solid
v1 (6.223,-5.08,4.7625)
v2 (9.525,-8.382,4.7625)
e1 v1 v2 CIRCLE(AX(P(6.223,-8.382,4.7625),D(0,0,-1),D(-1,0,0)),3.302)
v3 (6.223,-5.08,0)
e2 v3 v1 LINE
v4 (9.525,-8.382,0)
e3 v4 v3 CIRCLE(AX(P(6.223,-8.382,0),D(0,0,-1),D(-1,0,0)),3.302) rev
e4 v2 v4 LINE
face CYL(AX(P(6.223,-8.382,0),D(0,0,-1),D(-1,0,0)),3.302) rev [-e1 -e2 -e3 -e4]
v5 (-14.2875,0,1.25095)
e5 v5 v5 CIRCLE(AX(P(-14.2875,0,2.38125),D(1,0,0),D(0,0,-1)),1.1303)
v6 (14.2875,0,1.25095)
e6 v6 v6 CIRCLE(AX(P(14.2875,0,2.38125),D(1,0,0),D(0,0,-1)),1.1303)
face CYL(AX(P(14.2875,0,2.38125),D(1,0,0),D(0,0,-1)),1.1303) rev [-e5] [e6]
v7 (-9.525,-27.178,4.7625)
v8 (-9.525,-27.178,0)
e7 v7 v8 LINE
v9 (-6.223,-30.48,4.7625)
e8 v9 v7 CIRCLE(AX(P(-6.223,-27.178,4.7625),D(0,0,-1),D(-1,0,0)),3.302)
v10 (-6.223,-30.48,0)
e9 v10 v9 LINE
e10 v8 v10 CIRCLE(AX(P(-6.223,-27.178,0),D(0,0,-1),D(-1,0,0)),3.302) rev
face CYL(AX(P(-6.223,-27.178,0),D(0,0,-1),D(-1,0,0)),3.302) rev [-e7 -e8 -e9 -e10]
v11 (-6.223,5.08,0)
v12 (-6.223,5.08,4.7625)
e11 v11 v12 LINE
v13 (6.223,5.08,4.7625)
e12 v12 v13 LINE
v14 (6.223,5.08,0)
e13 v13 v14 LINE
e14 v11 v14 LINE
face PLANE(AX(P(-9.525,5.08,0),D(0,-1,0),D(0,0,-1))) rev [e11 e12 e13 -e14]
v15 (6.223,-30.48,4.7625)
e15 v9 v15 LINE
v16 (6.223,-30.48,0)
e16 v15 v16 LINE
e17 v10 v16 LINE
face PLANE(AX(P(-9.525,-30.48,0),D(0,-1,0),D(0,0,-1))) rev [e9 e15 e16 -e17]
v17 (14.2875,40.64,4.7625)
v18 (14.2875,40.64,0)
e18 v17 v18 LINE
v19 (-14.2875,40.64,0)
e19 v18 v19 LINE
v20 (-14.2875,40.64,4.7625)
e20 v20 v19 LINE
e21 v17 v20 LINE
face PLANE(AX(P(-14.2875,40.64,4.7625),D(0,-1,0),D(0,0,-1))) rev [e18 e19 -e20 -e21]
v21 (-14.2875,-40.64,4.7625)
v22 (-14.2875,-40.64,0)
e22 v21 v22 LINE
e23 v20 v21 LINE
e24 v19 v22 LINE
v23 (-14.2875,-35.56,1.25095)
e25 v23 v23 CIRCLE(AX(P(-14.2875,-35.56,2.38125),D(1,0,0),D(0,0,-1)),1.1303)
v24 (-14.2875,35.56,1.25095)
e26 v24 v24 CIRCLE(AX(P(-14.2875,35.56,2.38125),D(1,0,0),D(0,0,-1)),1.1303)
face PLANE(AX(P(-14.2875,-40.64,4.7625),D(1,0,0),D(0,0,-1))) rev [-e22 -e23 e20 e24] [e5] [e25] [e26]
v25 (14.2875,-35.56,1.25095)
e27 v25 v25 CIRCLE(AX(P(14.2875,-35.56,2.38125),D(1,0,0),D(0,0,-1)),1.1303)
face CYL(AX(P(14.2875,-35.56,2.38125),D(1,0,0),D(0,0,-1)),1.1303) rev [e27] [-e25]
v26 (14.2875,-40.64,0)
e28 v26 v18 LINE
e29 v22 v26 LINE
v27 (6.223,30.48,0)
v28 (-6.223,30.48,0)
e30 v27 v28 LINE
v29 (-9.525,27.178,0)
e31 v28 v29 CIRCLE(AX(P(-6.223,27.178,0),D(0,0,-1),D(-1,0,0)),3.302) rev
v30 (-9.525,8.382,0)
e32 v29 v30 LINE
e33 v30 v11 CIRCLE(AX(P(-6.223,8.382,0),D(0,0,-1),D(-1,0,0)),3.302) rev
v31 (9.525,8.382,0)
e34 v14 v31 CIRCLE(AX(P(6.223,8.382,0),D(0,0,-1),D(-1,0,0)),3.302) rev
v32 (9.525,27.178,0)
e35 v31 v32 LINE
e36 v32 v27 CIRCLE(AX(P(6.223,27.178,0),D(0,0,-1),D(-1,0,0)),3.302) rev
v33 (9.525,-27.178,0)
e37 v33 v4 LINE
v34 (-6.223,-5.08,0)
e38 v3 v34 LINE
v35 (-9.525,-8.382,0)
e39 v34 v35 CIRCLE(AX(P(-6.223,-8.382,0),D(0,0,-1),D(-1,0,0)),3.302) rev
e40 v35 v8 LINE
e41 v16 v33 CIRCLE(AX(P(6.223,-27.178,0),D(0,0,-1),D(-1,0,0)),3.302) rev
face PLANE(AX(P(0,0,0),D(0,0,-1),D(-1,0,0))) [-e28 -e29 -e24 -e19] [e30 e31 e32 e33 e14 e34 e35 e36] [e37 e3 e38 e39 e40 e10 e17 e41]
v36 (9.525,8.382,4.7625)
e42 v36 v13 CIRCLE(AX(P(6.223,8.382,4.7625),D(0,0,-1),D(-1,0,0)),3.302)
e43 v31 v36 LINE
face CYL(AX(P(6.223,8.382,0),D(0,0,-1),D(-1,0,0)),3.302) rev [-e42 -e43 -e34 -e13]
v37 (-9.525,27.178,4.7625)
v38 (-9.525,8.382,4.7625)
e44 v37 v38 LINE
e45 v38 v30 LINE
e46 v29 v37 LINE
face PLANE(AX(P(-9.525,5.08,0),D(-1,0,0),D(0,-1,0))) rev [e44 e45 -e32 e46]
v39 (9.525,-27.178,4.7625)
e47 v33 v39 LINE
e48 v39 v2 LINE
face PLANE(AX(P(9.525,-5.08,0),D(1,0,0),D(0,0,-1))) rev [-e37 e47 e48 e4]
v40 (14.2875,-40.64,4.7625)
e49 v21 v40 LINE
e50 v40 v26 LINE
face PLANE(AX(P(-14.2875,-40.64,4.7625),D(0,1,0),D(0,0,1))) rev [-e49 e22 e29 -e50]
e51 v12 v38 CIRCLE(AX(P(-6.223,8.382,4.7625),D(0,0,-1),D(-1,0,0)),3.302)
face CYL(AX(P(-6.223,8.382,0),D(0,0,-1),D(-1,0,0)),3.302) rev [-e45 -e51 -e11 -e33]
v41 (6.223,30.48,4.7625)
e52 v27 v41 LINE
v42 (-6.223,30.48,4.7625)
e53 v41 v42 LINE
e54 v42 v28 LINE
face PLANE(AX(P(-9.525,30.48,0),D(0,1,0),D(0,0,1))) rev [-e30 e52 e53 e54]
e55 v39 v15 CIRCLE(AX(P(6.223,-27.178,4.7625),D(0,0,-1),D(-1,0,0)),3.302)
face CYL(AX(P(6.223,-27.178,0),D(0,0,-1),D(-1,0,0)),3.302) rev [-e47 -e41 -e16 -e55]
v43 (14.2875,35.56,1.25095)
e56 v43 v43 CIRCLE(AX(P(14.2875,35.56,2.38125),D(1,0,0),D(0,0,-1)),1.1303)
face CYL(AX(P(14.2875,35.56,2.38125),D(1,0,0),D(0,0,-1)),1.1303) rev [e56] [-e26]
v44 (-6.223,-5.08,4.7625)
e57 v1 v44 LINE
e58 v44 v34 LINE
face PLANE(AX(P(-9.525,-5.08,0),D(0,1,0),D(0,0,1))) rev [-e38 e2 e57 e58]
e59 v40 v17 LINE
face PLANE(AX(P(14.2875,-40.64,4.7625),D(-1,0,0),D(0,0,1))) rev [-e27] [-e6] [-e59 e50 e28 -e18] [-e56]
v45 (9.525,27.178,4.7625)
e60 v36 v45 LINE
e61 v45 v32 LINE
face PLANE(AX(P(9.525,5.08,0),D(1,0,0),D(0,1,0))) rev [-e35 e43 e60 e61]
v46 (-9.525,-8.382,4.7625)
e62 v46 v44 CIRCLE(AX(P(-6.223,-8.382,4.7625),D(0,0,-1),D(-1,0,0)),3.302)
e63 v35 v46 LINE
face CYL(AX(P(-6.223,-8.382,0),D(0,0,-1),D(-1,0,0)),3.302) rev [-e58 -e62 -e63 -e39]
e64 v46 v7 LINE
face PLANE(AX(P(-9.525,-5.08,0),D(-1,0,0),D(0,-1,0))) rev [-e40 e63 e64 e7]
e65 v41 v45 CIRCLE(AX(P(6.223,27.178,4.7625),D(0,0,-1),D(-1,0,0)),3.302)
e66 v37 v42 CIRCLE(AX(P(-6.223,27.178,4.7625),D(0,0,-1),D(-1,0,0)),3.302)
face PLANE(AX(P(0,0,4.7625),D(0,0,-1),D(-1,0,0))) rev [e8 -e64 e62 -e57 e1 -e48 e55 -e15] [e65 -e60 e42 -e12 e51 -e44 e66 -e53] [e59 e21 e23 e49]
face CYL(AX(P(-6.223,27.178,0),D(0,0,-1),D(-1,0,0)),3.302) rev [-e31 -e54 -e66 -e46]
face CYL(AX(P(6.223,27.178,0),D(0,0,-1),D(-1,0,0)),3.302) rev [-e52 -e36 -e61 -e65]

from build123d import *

# Parameters (mm, degrees)
SKETCH1_W             = 28.575
SKETCH1_H             = 81.28
BOSS_EXTRUDE1_DEPTH   = 4.7625
SKETCH2_W             = 19.05
SKETCH2_H             = 25.4
CUT_EXTRUDE1_DEPTH    = 44.340785209
FILLET1_R             = 3.302
F_4_40_TAPPED_HOLE1_D = 2.2606


with BuildPart() as part:
    # Sketch1 → Boss-Extrude1 (new body)
    with BuildSketch(Plane.XY):
        Rectangle(SKETCH1_W, SKETCH1_H)
    extrude(amount=BOSS_EXTRUDE1_DEPTH)

    # Sketch2 → Cut-Extrude1 (cut, through all)
    with BuildSketch(Plane.XY.offset(4.7625)):
        with Locations((0, 17.78)):
            Rectangle(SKETCH2_W, SKETCH2_H)
        with Locations((0, -17.78)):
            Rectangle(SKETCH2_W, SKETCH2_H)
    extrude(amount=-CUT_EXTRUDE1_DEPTH, mode=Mode.SUBTRACT)

    # Fillet1
    fillet1_edges = [part.edges().sort_by_distance(p)[0] for p in [
        (9.525, 30.48, 2.38125),
        (9.525, 5.08, 2.38125),
        (-9.525, 5.08, 2.38125),
        (-9.525, 30.48, 2.38125),
        (-9.525, -30.48, 2.38125),
        (-9.525, -5.08, 2.38125),
        (9.525, -5.08, 2.38125),
        (9.525, -30.48, 2.38125),
    ]]
    fillet(fillet1_edges, radius=FILLET1_R)

    # #4-40 Tapped Hole1 (through all)
    with Locations(Plane(origin=(14.2875, 0, 0), x_dir=(0, 0, -1), z_dir=(1, 0, 0))):
        with Locations((-2.38125, 35.56), (-2.38125, 0), (-2.38125, -35.56)):
            Hole(F_4_40_TAPPED_HOLE1_D / 2)


solid = part.part
